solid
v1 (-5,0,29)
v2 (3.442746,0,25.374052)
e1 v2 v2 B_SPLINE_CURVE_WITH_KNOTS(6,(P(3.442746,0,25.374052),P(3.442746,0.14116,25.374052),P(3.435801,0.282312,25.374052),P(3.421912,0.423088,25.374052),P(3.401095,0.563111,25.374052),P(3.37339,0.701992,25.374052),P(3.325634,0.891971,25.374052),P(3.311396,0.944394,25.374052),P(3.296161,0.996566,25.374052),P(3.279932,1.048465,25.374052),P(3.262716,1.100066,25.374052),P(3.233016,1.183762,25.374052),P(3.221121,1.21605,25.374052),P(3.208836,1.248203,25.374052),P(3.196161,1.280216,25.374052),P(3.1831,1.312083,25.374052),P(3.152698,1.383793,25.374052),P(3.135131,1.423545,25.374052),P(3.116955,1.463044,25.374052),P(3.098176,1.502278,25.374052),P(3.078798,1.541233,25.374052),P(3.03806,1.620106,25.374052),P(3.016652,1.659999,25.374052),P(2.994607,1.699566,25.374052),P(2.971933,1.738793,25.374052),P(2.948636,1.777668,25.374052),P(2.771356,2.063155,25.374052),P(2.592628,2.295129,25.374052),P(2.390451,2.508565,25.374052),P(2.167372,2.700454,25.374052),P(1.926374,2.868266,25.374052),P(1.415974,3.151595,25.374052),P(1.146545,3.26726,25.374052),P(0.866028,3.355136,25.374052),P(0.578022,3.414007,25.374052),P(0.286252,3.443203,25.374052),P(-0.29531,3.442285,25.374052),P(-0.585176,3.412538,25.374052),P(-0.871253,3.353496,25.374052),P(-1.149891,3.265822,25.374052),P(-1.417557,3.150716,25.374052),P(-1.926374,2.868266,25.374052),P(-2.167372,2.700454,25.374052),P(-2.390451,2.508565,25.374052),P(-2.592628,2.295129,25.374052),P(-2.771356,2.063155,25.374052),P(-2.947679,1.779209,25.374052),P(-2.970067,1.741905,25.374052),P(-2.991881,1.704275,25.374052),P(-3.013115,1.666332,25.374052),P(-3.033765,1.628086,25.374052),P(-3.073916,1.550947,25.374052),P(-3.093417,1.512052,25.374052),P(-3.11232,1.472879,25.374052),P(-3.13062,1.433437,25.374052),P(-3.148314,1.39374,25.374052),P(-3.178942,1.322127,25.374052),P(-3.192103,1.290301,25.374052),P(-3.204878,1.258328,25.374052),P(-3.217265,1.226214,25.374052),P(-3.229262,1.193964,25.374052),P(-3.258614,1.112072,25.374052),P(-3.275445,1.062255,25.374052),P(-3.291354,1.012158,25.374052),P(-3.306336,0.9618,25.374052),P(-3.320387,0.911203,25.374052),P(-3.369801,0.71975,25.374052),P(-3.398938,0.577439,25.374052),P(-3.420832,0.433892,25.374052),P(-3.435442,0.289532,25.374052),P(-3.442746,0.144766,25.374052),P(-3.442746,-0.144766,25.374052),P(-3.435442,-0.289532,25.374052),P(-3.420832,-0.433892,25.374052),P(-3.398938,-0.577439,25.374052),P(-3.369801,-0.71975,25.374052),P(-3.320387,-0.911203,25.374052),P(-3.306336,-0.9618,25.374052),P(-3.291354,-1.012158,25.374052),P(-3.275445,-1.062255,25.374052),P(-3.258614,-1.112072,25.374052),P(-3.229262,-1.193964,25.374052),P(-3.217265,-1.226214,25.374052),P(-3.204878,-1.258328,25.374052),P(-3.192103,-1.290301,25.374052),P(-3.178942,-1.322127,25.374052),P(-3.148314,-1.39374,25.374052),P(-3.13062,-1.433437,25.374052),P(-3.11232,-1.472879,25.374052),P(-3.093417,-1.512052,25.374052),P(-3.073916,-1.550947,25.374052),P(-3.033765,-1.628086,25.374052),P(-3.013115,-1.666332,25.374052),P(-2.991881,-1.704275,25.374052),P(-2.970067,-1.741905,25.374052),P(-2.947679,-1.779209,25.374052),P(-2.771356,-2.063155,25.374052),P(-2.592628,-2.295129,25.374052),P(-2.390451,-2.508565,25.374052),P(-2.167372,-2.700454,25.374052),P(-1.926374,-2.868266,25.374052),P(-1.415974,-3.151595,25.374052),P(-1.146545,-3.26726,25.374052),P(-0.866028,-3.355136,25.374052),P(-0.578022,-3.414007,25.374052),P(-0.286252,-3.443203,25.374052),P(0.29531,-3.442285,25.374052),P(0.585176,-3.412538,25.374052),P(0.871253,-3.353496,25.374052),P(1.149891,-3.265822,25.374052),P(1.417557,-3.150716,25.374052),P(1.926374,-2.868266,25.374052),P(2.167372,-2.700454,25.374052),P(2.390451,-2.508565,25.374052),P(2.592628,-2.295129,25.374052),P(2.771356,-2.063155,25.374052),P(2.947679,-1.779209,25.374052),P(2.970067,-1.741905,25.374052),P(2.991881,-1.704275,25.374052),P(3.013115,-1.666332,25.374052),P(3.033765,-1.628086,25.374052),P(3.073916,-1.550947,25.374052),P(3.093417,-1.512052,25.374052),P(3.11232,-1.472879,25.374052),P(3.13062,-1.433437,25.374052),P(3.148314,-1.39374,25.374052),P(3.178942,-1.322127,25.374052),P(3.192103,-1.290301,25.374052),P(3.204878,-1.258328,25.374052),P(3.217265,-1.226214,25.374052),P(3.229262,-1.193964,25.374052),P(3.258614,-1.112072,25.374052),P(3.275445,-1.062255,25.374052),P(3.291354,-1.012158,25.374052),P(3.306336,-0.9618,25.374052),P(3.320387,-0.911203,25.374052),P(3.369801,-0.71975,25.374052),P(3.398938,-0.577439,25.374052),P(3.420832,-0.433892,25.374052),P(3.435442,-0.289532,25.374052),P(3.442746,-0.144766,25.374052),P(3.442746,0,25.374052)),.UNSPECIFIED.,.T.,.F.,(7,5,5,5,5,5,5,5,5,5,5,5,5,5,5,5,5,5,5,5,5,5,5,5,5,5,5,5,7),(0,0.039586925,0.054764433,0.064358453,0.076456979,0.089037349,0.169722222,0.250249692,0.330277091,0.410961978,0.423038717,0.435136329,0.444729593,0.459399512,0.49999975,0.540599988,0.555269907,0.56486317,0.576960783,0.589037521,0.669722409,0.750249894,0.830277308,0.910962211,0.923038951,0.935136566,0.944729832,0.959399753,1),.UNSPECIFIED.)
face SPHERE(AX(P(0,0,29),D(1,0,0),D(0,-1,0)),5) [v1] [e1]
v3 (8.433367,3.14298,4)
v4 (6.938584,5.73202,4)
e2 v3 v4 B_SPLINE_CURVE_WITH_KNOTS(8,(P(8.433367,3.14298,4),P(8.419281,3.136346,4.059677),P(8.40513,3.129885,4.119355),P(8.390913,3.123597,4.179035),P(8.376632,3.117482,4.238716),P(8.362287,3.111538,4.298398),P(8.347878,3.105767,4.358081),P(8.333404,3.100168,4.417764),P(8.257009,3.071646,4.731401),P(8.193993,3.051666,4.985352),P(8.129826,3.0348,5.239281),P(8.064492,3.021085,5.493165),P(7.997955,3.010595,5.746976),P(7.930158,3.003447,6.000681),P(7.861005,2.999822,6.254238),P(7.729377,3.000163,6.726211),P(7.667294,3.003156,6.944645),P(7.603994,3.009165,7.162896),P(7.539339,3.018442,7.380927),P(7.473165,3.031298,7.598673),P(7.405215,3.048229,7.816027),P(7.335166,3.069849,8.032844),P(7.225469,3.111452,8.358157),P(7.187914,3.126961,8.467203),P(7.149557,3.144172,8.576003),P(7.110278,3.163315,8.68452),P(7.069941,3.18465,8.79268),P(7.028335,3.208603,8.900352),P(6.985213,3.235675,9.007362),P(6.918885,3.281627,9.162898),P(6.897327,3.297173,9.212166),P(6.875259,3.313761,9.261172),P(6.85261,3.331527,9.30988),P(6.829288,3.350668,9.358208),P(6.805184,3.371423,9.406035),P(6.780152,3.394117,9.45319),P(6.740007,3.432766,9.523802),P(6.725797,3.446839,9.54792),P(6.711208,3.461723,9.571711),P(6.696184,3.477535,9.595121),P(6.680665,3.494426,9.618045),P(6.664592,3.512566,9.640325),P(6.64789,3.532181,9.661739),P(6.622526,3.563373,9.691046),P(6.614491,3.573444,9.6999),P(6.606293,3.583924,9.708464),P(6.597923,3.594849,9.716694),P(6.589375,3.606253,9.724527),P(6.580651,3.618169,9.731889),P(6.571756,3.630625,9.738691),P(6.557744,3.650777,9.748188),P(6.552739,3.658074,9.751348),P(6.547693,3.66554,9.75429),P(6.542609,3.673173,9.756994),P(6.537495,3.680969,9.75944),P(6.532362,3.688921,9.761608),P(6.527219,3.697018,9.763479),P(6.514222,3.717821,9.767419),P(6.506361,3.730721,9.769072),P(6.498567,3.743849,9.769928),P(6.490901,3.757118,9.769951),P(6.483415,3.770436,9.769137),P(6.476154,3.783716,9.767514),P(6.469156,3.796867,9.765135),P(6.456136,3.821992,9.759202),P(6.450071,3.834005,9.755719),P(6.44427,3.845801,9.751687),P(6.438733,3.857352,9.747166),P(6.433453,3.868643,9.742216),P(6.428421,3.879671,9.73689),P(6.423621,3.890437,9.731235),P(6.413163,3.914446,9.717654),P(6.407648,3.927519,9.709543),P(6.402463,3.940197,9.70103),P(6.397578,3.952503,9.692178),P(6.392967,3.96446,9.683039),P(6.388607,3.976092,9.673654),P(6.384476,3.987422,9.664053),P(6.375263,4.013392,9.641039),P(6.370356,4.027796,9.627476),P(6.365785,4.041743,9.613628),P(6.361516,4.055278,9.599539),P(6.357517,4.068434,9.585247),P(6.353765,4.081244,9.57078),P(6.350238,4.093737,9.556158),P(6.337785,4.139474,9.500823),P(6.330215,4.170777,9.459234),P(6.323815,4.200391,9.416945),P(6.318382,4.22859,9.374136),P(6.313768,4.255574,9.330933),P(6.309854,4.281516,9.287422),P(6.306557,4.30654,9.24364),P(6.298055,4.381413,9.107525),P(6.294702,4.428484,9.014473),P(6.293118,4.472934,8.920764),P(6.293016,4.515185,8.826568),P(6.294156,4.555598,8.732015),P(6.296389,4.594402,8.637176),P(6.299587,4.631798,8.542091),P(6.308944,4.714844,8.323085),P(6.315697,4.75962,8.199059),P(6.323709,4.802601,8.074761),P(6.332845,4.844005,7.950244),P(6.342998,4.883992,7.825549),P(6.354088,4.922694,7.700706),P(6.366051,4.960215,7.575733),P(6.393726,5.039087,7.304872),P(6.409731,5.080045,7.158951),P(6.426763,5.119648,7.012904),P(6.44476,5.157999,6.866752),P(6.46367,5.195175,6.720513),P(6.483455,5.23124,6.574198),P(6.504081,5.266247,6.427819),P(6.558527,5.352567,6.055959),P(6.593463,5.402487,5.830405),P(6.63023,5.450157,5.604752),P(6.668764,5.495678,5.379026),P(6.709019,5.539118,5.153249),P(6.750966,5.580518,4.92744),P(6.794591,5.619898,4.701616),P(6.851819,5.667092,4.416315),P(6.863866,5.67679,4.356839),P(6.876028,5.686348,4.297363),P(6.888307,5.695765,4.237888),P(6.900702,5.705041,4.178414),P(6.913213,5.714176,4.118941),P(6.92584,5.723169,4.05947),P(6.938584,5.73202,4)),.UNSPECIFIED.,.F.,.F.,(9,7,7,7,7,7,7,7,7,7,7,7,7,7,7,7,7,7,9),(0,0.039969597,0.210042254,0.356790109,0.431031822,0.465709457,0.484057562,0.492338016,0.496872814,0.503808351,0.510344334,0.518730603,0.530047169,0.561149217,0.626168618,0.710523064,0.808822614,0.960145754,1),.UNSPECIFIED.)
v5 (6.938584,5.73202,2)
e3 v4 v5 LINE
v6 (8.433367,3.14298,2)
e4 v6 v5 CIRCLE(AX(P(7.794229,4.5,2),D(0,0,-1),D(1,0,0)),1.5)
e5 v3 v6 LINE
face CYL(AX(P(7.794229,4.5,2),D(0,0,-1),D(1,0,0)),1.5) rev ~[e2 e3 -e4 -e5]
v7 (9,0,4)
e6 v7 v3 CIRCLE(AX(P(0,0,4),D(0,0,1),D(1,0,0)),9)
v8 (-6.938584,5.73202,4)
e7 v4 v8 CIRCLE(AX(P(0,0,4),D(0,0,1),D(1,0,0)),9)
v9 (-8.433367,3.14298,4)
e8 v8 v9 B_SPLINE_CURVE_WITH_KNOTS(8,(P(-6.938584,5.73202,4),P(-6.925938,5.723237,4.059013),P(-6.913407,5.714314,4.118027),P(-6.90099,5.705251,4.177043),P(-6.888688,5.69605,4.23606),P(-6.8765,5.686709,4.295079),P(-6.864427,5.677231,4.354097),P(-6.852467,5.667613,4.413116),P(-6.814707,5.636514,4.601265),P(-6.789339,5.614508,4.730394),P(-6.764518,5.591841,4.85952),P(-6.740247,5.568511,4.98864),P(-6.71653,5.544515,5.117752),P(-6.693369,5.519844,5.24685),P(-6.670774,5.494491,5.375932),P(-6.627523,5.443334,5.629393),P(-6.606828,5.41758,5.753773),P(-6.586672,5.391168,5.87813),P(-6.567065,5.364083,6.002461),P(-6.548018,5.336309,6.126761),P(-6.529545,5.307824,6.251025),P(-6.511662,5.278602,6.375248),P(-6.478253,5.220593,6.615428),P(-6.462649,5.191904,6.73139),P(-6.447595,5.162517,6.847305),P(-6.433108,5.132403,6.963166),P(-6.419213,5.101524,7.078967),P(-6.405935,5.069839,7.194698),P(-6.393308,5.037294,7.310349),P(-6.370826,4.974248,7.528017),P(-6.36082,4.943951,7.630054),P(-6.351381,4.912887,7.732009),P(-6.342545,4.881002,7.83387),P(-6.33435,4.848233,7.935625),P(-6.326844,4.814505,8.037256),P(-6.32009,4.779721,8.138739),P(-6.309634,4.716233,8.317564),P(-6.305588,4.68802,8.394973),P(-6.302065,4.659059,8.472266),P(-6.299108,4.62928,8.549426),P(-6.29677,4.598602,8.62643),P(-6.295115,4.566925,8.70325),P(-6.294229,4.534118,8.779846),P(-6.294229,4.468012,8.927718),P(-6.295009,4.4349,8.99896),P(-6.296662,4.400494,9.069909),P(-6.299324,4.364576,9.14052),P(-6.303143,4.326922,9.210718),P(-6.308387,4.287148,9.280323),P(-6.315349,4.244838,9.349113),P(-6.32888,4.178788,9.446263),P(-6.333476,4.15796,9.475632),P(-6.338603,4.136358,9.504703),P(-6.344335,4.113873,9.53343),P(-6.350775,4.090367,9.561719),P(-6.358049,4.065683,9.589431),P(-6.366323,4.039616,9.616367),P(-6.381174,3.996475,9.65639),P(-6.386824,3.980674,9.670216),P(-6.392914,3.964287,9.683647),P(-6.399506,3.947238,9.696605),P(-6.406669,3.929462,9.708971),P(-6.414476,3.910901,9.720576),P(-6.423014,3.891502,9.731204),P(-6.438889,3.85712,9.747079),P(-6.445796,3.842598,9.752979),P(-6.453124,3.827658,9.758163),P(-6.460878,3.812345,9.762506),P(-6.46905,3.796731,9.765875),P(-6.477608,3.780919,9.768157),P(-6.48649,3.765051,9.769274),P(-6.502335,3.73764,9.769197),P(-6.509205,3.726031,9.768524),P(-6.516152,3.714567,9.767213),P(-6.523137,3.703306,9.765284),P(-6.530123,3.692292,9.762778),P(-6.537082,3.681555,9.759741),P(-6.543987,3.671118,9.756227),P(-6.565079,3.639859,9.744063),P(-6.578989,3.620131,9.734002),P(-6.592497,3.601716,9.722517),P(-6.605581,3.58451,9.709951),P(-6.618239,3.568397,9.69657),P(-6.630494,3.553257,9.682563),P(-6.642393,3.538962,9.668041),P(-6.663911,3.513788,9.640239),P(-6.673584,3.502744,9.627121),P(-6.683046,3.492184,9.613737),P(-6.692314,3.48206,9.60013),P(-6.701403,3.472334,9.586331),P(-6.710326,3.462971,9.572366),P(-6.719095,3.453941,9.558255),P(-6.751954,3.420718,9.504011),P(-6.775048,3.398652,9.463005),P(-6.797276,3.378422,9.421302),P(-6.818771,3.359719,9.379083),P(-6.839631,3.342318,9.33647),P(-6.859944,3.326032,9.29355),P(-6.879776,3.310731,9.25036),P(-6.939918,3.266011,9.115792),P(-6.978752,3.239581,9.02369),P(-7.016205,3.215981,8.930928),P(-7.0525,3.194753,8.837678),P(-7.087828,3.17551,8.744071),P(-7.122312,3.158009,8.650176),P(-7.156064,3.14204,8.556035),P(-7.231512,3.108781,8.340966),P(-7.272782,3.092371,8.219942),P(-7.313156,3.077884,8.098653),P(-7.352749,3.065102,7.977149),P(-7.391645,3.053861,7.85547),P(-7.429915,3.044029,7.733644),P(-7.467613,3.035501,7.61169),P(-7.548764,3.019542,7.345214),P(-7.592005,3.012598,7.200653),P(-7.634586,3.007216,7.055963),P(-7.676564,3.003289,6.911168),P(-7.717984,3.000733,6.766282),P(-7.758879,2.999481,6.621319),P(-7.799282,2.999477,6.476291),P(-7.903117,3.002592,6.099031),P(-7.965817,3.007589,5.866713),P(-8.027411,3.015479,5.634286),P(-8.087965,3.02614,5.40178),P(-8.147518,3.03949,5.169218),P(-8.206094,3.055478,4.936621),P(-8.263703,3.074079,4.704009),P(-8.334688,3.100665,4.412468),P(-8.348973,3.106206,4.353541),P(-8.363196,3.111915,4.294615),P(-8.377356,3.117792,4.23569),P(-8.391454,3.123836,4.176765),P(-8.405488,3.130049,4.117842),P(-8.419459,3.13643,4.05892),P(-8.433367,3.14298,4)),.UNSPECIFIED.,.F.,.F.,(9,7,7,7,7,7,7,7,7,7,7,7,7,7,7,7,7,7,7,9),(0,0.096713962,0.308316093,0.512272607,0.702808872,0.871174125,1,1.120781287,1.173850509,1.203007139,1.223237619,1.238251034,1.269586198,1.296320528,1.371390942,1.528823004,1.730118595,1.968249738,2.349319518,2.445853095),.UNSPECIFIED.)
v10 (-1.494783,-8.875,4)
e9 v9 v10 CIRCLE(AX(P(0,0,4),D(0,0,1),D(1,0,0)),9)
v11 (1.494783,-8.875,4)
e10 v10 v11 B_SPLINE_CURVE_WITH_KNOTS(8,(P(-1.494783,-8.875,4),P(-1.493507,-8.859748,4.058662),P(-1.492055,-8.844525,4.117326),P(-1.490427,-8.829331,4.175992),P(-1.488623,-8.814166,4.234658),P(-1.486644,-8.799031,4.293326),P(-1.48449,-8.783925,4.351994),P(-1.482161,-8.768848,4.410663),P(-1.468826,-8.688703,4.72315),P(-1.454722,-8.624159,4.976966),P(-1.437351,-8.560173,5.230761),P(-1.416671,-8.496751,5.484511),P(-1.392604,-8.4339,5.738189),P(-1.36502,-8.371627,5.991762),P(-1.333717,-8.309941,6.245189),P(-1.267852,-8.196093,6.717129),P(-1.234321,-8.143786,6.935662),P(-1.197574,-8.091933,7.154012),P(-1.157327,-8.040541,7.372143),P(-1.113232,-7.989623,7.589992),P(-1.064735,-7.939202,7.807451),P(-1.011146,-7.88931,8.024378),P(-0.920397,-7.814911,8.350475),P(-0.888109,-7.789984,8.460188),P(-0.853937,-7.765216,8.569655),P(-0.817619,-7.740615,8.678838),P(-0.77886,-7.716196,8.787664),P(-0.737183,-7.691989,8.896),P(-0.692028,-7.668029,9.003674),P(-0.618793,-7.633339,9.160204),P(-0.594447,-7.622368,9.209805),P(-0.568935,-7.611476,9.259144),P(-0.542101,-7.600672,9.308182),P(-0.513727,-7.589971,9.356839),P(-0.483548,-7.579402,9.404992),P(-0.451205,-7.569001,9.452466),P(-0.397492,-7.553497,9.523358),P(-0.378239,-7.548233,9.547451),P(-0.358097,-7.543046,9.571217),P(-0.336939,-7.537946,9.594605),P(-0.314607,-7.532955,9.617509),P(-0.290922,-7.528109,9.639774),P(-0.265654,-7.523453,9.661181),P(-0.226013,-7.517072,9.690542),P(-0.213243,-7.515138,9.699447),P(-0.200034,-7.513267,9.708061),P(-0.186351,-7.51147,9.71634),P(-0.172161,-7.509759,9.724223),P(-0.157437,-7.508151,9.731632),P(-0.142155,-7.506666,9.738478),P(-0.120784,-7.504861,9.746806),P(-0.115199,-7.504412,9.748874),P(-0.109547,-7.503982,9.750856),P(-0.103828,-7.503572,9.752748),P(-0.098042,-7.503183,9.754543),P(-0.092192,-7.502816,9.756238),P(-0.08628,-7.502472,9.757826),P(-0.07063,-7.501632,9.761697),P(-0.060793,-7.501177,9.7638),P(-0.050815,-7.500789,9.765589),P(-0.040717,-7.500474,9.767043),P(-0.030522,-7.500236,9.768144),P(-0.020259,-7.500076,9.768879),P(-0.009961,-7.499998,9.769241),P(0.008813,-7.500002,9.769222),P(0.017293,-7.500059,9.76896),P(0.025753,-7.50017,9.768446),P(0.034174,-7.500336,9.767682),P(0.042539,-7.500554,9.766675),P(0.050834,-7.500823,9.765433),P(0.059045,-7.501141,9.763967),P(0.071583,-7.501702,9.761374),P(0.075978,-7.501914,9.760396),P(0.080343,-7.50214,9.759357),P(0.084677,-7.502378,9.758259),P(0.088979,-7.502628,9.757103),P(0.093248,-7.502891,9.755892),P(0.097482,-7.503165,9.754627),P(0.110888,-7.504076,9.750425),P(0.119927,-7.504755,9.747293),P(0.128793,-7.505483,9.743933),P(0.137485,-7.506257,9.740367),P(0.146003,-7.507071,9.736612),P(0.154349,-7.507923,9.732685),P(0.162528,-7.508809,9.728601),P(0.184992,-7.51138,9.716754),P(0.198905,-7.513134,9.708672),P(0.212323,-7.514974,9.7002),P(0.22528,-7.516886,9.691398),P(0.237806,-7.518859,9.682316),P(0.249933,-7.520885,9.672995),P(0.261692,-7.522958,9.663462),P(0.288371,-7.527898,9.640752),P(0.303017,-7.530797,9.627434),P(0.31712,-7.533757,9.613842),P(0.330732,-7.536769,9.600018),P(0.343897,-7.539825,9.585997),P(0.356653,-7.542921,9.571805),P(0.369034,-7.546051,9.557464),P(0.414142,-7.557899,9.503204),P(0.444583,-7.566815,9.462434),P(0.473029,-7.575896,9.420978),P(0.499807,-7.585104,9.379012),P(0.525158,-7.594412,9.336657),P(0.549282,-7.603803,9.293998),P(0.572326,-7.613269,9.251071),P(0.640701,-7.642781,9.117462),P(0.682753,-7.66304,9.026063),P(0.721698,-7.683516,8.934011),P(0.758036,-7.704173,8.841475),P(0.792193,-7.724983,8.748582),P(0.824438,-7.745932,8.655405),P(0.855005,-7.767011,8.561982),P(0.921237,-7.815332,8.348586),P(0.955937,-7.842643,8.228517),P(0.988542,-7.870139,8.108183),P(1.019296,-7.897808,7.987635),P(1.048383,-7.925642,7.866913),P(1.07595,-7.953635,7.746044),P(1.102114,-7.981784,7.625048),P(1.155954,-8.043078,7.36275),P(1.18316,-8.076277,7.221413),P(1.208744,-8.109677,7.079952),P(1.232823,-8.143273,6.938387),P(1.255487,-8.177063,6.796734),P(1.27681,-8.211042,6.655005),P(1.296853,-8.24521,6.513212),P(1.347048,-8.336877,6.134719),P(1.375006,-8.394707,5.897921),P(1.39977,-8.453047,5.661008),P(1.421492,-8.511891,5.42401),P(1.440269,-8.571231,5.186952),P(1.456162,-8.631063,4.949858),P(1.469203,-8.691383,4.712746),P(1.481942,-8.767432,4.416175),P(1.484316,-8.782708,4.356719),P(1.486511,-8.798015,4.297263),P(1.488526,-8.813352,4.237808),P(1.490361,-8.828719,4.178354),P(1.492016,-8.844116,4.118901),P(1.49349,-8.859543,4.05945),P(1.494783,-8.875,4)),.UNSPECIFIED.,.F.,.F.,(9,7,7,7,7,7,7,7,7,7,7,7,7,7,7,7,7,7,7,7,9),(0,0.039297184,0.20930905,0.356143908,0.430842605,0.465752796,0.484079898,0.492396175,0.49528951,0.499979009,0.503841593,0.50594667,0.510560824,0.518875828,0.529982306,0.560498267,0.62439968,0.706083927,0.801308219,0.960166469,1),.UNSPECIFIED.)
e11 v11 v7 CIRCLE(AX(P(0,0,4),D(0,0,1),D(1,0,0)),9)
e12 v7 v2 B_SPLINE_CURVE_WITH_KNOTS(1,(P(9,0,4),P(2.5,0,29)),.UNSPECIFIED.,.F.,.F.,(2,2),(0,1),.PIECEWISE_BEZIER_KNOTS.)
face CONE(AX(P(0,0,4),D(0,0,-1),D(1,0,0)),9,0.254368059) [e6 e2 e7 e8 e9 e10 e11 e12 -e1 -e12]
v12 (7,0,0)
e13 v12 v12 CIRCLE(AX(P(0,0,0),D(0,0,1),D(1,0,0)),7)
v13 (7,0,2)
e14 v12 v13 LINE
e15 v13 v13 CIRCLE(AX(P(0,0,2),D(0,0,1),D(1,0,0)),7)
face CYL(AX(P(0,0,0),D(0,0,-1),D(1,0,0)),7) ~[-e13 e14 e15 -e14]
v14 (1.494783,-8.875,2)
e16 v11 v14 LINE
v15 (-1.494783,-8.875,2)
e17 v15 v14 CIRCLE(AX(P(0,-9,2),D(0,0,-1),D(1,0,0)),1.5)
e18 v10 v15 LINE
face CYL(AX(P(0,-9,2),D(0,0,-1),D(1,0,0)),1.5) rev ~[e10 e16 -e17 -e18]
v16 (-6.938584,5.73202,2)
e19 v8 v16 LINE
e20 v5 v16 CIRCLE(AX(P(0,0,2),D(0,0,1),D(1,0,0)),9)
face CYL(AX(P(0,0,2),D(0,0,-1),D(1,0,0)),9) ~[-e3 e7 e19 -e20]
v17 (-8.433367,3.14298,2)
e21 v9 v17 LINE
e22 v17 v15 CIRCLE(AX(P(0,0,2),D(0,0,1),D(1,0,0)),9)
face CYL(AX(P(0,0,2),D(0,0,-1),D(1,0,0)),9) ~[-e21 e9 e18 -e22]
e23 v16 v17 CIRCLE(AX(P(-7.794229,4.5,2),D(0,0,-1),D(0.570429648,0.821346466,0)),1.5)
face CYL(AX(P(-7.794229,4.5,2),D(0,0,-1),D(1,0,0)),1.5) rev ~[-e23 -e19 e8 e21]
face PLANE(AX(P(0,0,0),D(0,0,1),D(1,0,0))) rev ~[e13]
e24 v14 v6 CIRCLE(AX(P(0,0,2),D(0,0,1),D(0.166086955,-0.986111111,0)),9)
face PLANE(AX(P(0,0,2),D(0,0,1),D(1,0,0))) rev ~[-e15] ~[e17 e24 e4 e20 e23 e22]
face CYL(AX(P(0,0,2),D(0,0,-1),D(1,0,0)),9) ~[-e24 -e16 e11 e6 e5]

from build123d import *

# Parameters (mm, degrees)
F0_R      = 7
F1_DEPTH  = 2
F2_R      = 9
F3_DEPTH  = 2
F3_FACE_R = 9
F5_R      = 2.5
F9_R      = 1.5
F10_DEPTH = 32.001


with BuildPart() as f1:
    # F0 (on Top) → F1 (new body)
    with BuildSketch(Plane.XY):
        Circle(F0_R)
    extrude(amount=F1_DEPTH)

    # F2 (on face) → F3 (join)
    with BuildSketch(Plane.XY.offset(2)):
        Circle(F2_R)
    extrude(amount=F3_DEPTH)

    # F3_face (on face) → F6 section 0
    with BuildSketch(Plane.XY.offset(4)):
        Circle(F3_FACE_R)
    # F5 (on offset) → F6 section 1
    with BuildSketch(Plane.XY.offset(29)):
        Circle(F5_R)
    loft()

    # F7 (on face) → F8 (revolve)
    with BuildSketch(Plane.XY.offset(29)):
        with BuildLine():
            ThreePointArc((-5, 0), (0, -5), (5, 0))
            Line((5, 0), (2.5, 0))
            ThreePointArc((2.5, 0), (0, -2.5), (-2.5, 0))
            Line((-2.5, 0), (-5, 0))
        make_face()
        with BuildLine():
            Line((-2.5, 0), (2.5, 0))
            ThreePointArc((2.5, 0), (0, 2.5), (-2.5, 0))
        make_face()
    revolve(axis=Axis((0, 0, 29), (1, 0, 0)))

    # F9 (on face) → F10 (cut, through all)
    with BuildSketch(Plane(origin=(0, 0, 2), x_dir=(1, 0, 0), z_dir=(0, 0, -1))):
        with Locations((0, 9)):
            Circle(F9_R)
        with Locations((-7.7942286341, -4.5)):
            Circle(F9_R)
        with Locations((7.7942286341, -4.5)):
            Circle(F9_R)
    extrude(amount=-F10_DEPTH, mode=Mode.SUBTRACT)


solid = f1.part
